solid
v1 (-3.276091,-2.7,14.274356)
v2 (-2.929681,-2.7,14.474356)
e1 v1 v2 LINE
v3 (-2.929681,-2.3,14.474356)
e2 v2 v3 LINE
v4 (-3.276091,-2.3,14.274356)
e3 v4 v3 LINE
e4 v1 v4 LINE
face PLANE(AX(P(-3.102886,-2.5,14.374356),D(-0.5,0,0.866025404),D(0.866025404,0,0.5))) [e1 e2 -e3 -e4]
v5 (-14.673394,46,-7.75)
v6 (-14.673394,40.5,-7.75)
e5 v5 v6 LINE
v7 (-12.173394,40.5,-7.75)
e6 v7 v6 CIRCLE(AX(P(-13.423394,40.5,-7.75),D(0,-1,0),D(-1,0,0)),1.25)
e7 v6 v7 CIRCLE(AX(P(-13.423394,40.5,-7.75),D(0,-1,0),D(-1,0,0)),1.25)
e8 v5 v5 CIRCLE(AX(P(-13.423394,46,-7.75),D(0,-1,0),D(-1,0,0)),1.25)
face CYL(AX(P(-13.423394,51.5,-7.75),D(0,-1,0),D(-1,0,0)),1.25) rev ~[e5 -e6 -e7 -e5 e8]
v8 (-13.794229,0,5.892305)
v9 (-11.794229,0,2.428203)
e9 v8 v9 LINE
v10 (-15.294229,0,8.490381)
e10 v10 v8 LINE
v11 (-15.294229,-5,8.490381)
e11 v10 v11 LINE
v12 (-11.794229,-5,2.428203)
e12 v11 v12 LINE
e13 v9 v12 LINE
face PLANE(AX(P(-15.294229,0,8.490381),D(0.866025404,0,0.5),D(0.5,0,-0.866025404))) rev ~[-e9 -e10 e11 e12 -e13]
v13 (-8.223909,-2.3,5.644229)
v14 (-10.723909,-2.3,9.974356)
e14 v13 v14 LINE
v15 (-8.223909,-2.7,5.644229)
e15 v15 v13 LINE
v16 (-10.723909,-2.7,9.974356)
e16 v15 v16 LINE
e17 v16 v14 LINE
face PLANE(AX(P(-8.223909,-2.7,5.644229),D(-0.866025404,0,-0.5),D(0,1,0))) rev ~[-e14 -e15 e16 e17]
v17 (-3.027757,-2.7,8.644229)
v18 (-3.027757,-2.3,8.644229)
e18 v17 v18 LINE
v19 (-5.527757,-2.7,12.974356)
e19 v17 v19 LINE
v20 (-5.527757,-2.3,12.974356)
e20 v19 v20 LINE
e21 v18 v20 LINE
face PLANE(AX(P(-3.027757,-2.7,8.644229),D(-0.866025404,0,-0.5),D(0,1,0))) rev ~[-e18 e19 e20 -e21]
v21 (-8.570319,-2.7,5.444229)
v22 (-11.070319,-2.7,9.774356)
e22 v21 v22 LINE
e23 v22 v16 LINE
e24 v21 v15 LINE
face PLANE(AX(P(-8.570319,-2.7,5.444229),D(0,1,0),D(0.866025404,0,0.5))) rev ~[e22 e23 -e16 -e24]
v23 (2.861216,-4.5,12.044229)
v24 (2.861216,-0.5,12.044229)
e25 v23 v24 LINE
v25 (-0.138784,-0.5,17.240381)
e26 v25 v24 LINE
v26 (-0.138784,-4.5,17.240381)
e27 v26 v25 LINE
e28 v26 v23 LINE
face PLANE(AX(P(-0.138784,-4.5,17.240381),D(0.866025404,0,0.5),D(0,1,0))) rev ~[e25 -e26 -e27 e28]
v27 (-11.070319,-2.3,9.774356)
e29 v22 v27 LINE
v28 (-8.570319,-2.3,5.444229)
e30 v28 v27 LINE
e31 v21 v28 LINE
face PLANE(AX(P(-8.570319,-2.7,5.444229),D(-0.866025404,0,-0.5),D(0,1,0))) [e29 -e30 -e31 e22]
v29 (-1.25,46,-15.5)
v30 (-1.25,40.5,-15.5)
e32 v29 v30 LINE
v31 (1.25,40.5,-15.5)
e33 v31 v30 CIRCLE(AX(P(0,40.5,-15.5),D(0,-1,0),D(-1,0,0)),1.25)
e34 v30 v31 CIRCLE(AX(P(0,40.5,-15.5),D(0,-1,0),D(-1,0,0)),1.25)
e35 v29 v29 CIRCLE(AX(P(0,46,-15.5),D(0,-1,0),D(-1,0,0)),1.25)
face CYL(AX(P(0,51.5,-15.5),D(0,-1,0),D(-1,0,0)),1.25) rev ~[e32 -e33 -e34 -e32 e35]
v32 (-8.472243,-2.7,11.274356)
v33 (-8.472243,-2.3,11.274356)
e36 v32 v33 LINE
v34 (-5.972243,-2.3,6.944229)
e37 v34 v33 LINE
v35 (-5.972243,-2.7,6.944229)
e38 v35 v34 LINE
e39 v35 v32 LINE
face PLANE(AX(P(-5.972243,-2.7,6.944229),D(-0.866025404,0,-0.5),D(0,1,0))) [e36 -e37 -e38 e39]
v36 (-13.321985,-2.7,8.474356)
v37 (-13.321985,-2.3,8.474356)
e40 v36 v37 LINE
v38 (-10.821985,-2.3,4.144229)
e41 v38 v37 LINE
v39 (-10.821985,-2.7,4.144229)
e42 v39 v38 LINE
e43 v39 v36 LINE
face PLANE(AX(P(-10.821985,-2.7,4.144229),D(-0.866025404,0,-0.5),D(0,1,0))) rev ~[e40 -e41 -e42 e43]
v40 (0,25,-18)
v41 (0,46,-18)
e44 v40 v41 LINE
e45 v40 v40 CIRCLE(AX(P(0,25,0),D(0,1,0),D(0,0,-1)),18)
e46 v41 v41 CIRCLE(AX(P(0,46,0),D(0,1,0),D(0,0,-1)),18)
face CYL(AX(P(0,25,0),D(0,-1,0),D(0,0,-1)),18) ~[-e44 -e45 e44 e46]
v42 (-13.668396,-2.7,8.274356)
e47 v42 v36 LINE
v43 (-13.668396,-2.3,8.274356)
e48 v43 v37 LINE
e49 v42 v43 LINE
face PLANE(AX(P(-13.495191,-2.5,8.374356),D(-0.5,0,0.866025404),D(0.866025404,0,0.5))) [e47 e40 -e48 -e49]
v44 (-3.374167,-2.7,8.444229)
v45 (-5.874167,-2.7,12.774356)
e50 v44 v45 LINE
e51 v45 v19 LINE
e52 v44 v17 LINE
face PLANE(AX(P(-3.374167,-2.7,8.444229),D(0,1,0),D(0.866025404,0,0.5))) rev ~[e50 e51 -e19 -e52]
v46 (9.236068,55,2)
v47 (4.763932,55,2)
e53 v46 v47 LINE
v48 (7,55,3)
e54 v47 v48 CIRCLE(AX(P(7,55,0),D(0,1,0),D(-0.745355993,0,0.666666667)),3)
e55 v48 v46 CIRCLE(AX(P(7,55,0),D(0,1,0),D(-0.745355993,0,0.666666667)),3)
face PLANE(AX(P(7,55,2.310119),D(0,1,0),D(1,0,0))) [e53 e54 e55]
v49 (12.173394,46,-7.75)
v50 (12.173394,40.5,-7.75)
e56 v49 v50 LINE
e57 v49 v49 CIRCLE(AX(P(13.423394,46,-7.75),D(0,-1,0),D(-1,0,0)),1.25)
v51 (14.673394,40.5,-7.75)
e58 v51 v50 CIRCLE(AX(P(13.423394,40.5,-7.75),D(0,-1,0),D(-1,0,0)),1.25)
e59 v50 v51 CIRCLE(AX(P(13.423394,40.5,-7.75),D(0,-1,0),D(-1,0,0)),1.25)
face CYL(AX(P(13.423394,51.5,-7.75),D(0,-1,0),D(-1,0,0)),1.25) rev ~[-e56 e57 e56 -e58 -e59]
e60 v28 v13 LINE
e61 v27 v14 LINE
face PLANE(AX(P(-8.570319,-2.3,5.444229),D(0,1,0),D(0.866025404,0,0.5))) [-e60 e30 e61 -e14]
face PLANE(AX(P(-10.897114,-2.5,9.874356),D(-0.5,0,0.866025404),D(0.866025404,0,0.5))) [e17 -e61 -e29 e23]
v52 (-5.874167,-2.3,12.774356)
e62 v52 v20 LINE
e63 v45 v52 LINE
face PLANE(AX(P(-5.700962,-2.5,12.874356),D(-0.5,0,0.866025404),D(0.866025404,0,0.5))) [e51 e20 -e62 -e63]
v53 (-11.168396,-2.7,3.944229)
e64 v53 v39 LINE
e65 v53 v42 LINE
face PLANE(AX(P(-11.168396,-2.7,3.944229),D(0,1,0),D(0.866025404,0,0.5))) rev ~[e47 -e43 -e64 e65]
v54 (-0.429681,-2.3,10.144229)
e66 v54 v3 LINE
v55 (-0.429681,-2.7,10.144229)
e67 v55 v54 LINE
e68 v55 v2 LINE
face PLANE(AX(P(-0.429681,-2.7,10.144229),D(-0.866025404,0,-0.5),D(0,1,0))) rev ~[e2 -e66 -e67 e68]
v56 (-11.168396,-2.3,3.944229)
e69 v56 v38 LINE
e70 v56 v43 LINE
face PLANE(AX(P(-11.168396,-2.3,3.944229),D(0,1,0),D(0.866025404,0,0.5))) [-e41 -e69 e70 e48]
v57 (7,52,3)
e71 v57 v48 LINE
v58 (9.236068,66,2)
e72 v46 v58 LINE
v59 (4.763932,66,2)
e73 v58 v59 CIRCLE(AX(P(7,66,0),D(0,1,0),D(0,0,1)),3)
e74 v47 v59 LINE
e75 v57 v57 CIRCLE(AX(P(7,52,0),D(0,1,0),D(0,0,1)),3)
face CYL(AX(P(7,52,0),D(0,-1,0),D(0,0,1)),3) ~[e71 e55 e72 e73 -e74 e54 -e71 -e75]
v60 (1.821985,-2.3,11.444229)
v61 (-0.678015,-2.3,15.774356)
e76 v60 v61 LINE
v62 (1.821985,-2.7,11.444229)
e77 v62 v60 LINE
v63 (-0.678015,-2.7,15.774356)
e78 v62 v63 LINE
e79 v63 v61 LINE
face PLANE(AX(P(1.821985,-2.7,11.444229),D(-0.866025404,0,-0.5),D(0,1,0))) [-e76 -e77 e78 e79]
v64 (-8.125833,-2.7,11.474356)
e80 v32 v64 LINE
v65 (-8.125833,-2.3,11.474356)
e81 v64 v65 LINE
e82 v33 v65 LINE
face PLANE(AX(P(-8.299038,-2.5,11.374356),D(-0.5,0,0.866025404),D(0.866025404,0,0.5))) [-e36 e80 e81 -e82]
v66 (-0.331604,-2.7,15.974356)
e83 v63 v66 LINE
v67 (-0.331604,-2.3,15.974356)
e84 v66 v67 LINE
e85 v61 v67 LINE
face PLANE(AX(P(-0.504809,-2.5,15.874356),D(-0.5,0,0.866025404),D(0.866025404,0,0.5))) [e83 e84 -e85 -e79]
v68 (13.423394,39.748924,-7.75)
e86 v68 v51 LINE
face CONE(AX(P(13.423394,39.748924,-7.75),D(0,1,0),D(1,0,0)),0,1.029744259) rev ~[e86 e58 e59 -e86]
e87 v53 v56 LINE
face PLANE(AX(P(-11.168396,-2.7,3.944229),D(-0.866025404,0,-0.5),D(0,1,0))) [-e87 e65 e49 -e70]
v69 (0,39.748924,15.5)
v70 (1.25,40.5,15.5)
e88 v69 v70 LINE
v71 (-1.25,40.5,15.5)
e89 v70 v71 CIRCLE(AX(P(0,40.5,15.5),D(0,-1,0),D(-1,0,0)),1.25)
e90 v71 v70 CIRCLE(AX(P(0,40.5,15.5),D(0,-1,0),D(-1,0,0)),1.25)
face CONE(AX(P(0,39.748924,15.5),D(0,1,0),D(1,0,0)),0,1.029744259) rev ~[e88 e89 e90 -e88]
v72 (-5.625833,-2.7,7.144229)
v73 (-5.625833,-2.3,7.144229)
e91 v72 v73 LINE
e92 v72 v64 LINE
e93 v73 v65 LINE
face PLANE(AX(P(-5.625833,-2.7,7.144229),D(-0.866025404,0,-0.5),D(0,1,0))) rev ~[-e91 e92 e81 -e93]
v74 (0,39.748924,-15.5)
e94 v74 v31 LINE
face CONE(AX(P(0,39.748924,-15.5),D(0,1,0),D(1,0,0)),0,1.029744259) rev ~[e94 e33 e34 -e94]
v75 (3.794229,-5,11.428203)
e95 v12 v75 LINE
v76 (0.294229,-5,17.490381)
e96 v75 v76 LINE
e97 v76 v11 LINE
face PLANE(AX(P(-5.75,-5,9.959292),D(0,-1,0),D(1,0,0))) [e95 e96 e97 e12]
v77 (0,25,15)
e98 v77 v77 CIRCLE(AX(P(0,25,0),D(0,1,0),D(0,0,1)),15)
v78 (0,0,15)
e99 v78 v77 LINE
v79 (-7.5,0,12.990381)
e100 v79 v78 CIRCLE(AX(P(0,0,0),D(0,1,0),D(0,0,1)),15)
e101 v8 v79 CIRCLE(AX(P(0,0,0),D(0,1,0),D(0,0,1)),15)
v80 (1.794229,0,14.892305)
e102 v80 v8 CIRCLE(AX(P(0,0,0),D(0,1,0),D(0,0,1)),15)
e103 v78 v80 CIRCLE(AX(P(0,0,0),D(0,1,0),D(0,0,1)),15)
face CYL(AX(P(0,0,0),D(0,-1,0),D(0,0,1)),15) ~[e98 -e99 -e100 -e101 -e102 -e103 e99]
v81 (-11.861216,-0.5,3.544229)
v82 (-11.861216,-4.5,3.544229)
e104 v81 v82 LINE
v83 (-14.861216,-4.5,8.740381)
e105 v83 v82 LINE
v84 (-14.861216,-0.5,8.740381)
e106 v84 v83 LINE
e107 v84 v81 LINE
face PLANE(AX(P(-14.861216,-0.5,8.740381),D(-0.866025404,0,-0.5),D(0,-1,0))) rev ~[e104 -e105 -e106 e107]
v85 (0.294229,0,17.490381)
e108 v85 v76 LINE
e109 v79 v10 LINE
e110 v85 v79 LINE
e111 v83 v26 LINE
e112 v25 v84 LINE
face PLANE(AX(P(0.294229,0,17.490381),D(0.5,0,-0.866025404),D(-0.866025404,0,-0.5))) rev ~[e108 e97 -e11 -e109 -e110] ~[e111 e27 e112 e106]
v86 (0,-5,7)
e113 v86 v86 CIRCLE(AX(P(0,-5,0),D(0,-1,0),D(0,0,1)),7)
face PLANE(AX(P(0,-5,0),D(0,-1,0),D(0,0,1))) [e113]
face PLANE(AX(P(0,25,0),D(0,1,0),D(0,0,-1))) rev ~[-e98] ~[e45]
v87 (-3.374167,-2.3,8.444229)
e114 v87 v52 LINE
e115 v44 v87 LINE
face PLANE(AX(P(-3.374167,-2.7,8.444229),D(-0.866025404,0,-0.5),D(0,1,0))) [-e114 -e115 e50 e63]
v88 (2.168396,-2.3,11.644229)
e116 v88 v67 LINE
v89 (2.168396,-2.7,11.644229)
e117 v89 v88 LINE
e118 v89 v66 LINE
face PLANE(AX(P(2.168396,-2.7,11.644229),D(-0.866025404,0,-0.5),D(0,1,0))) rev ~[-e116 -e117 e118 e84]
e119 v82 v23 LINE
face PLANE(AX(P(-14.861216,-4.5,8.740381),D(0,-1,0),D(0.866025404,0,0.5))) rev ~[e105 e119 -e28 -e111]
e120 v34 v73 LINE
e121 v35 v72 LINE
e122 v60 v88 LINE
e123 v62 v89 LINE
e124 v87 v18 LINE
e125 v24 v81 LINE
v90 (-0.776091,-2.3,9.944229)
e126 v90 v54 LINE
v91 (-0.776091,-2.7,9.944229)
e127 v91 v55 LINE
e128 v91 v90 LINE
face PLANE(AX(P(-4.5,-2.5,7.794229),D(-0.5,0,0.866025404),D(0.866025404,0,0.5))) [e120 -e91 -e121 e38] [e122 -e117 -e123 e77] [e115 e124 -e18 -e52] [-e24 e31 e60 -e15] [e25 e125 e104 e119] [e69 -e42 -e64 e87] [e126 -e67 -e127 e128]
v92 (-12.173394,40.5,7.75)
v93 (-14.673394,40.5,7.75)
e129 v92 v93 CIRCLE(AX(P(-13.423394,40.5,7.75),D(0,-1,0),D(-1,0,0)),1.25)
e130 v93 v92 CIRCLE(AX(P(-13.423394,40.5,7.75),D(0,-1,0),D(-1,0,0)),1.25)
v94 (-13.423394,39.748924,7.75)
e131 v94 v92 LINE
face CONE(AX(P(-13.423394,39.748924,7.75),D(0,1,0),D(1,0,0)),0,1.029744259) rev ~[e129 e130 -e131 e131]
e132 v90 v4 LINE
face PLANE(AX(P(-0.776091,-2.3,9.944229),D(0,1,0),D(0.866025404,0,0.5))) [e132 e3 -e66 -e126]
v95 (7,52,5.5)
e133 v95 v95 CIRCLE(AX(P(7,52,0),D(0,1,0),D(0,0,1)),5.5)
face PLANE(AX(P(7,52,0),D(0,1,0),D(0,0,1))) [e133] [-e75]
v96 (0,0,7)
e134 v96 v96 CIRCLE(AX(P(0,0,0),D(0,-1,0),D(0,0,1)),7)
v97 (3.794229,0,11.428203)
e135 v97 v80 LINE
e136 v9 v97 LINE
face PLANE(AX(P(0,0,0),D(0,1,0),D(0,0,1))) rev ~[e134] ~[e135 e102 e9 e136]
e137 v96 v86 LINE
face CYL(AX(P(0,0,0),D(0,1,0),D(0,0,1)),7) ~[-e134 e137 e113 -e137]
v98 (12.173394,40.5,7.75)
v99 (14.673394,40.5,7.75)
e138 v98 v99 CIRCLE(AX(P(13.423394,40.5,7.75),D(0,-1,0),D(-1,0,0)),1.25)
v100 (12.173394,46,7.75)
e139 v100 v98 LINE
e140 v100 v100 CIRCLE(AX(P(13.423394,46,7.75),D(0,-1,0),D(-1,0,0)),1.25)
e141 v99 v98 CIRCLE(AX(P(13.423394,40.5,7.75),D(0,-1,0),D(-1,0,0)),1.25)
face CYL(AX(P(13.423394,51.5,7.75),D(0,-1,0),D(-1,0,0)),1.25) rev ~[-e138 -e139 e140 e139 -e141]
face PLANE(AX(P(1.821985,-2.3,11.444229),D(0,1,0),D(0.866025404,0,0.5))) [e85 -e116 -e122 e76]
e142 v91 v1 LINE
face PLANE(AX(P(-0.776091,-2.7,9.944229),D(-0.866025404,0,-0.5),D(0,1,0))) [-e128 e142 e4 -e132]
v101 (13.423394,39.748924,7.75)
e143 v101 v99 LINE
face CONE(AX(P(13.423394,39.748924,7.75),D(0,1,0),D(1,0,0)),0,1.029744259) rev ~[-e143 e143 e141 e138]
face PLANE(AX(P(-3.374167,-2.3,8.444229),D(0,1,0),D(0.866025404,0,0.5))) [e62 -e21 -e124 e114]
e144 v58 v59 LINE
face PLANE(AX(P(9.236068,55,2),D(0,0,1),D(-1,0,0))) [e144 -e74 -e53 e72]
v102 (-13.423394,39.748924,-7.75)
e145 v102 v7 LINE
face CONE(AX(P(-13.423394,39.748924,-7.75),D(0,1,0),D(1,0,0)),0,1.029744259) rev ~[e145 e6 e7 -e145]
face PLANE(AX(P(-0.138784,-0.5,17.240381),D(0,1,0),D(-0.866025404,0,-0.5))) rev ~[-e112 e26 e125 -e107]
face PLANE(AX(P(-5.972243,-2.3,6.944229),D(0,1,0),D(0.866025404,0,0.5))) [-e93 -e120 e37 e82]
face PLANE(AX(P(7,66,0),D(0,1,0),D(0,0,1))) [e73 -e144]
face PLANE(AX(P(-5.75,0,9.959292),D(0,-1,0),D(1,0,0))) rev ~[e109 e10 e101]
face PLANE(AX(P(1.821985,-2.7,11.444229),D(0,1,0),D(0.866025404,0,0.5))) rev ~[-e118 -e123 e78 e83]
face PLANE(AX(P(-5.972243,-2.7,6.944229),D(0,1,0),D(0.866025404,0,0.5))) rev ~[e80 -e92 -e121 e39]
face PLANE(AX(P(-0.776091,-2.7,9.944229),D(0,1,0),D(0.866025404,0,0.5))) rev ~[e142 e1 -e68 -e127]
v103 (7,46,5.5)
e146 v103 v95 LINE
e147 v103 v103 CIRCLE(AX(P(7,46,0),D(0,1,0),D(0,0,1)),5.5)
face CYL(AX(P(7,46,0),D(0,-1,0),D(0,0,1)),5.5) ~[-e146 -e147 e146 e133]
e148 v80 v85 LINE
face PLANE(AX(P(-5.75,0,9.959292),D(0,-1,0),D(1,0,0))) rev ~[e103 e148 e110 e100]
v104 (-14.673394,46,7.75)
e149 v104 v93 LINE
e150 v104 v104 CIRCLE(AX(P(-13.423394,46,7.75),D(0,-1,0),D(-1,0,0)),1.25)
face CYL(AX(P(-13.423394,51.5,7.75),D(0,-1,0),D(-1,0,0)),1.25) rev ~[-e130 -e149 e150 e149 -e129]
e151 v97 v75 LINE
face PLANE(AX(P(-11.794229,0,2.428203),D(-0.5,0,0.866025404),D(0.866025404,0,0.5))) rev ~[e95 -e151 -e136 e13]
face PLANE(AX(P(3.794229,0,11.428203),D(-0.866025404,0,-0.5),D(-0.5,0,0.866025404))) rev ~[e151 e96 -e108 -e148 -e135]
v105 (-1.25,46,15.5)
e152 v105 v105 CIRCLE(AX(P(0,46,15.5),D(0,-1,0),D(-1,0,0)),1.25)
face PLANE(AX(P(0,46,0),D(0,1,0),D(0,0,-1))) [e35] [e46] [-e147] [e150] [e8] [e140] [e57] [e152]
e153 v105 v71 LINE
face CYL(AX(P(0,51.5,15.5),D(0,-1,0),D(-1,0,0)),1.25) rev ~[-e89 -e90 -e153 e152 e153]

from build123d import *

# Parameters (mm, degrees)
SKETCH_1_R             = 15
EXTRUDE_1_DEPTH        = 25
SKETCH_2_R             = 18
EXTRUDE_2_DEPTH        = 21
SKETCH_3_R             = 5.5
EXTRUDE_3_DEPTH        = 6
SKETCH_4_R             = 3
EXTRUDE_4_DEPTH        = 14
CUT_EXTRUDE_START      = -11
CUT_EXTRUDE_1_DEPTH    = 11
HOLE_WIZARD_M3_1_D     = 2.5
HOLE_WIZARD_M3_1_DEPTH = 5.5
HOLE_WIZARD_M3_1_TIP   = 0.751075774
EXTRUDE_5_DEPTH        = 5
SKETCH_10_R            = 7
EXTRUDE_6_DEPTH        = 5
CUT_EXTRUDE_2_DEPTH    = 6
SKETCH_12_W            = 0.4
SKETCH_12_H            = 0.4
EXTRUDE_7_DEPTH        = 5


with BuildPart() as part:
    # 草图1 → 凸台-拉伸1 (new body)
    with BuildSketch(Plane(origin=(0, 0, 0), x_dir=(1, 0, 0), z_dir=(0, 1, 0))):
        with Locations(Location((0, 0, 0), (0, 0, 270))):
            Circle(SKETCH_1_R)
    extrude(amount=EXTRUDE_1_DEPTH)

    # 草图2 → 凸台-拉伸2 (add)
    with BuildSketch(Plane(origin=(0, 25, 0), x_dir=(1, 0, 0), z_dir=(0, 1, 0))):
        with Locations(Location((0, 0, 0), (0, 0, 90))):
            Circle(SKETCH_2_R)
    extrude(amount=EXTRUDE_2_DEPTH)

    # 草图3 → 凸台-拉伸3 (add)
    with BuildSketch(Plane(origin=(0, 46, 0), x_dir=(1, 0, 0), z_dir=(0, 1, 0))):
        with Locations(Location((7, 0, 0), (0, 0, 270))):
            Circle(SKETCH_3_R)
    extrude(amount=EXTRUDE_3_DEPTH)

    # 草图4 → 凸台-拉伸4 (add)
    with BuildSketch(Plane(origin=(0, 52, 0), x_dir=(1, 0, 0), z_dir=(0, 1, 0))):
        with Locations(Location((7, 0, 0), (0, 0, 270))):
            Circle(SKETCH_4_R)
    extrude(amount=EXTRUDE_4_DEPTH)

    # 草图5 → 切除-拉伸1 (cut)
    with BuildSketch(Plane(origin=(0, 66, 0), x_dir=(1, 0, 0), z_dir=(0, 1, 0)).offset(CUT_EXTRUDE_START)):
        with BuildLine():
            Line((9.236067977, -2), (4.763932023, -2))
            ThreePointArc((4.763932023, -2), (7, -3), (9.236067977, -2))
        make_face()
    extrude(amount=CUT_EXTRUDE_1_DEPTH, mode=Mode.SUBTRACT)

    # M3 螺纹孔1
    with Locations(Plane(origin=(0, 46, 0), x_dir=(1, 0, 0), z_dir=(0, 1, 0))):
        with Locations((0, 15.5), (-13.423393759, 7.75), (-13.423393759, -7.75), (0, -15.5), (13.423393759, -7.75), (13.423393759, 7.75)):
            Hole(HOLE_WIZARD_M3_1_D / 2, depth=HOLE_WIZARD_M3_1_DEPTH)
            with Locations((0, 0, -(HOLE_WIZARD_M3_1_DEPTH + HOLE_WIZARD_M3_1_TIP / 2))):  # 118° drill point
                Cone(0, HOLE_WIZARD_M3_1_D / 2, HOLE_WIZARD_M3_1_TIP, mode=Mode.SUBTRACT)

    # 草图9 → 凸台-拉伸5 (add)
    with BuildSketch(Plane.XZ):
        Polygon((-15.294228634, 8.490381057), (-11.794228634, 2.42820323), (3.794228634, 11.42820323), (0.294228634, 17.490381057), align=None)
    extrude(amount=EXTRUDE_5_DEPTH)

    # 草图10 → 凸台-拉伸6 (add)
    with BuildSketch(Plane.XZ):
        with Locations(Location((0, 0, 0), (0, 0, 90))):
            Circle(SKETCH_10_R)
    extrude(amount=EXTRUDE_6_DEPTH)

    # 草图11 → 切除-拉伸2 (cut)
    with BuildSketch(Plane(origin=(-7.5, 0, 12.990381057), x_dir=(0.8660254037844379, 0, 0.5000000000000013), z_dir=(-0.5000000000000013, 0, 0.8660254037844379))):
        Polygon((8.5, -0.5), (0, -0.5), (-8.5, -0.5), (-8.5, -4.5), (8.5, -4.5), align=None)
    extrude(amount=-CUT_EXTRUDE_2_DEPTH, mode=Mode.SUBTRACT)

    # 草图12 → 凸台-拉伸7 (add)
    with BuildSketch(Plane(origin=(-4.5, 0, 7.794228634), x_dir=(0.8660254037844379, 0, 0.5000000000000013), z_dir=(-0.5000000000000013, 0, 0.8660254037844379))):
        with Locations((-7.5, -2.5)):
            Rectangle(SKETCH_12_W, SKETCH_12_H)
        with Locations((-4.5, -2.5)):
            Rectangle(SKETCH_12_W, SKETCH_12_H)
        with Locations((-1.5, -2.5)):
            Rectangle(SKETCH_12_W, SKETCH_12_H)
        with Locations((1.5, -2.5)):
            Rectangle(SKETCH_12_W, SKETCH_12_H)
        with Locations((4.5, -2.5)):
            Rectangle(SKETCH_12_W, SKETCH_12_H)
        with Locations((7.5, -2.5)):
            Rectangle(SKETCH_12_W, SKETCH_12_H)
    extrude(amount=EXTRUDE_7_DEPTH)


solid = part.part
